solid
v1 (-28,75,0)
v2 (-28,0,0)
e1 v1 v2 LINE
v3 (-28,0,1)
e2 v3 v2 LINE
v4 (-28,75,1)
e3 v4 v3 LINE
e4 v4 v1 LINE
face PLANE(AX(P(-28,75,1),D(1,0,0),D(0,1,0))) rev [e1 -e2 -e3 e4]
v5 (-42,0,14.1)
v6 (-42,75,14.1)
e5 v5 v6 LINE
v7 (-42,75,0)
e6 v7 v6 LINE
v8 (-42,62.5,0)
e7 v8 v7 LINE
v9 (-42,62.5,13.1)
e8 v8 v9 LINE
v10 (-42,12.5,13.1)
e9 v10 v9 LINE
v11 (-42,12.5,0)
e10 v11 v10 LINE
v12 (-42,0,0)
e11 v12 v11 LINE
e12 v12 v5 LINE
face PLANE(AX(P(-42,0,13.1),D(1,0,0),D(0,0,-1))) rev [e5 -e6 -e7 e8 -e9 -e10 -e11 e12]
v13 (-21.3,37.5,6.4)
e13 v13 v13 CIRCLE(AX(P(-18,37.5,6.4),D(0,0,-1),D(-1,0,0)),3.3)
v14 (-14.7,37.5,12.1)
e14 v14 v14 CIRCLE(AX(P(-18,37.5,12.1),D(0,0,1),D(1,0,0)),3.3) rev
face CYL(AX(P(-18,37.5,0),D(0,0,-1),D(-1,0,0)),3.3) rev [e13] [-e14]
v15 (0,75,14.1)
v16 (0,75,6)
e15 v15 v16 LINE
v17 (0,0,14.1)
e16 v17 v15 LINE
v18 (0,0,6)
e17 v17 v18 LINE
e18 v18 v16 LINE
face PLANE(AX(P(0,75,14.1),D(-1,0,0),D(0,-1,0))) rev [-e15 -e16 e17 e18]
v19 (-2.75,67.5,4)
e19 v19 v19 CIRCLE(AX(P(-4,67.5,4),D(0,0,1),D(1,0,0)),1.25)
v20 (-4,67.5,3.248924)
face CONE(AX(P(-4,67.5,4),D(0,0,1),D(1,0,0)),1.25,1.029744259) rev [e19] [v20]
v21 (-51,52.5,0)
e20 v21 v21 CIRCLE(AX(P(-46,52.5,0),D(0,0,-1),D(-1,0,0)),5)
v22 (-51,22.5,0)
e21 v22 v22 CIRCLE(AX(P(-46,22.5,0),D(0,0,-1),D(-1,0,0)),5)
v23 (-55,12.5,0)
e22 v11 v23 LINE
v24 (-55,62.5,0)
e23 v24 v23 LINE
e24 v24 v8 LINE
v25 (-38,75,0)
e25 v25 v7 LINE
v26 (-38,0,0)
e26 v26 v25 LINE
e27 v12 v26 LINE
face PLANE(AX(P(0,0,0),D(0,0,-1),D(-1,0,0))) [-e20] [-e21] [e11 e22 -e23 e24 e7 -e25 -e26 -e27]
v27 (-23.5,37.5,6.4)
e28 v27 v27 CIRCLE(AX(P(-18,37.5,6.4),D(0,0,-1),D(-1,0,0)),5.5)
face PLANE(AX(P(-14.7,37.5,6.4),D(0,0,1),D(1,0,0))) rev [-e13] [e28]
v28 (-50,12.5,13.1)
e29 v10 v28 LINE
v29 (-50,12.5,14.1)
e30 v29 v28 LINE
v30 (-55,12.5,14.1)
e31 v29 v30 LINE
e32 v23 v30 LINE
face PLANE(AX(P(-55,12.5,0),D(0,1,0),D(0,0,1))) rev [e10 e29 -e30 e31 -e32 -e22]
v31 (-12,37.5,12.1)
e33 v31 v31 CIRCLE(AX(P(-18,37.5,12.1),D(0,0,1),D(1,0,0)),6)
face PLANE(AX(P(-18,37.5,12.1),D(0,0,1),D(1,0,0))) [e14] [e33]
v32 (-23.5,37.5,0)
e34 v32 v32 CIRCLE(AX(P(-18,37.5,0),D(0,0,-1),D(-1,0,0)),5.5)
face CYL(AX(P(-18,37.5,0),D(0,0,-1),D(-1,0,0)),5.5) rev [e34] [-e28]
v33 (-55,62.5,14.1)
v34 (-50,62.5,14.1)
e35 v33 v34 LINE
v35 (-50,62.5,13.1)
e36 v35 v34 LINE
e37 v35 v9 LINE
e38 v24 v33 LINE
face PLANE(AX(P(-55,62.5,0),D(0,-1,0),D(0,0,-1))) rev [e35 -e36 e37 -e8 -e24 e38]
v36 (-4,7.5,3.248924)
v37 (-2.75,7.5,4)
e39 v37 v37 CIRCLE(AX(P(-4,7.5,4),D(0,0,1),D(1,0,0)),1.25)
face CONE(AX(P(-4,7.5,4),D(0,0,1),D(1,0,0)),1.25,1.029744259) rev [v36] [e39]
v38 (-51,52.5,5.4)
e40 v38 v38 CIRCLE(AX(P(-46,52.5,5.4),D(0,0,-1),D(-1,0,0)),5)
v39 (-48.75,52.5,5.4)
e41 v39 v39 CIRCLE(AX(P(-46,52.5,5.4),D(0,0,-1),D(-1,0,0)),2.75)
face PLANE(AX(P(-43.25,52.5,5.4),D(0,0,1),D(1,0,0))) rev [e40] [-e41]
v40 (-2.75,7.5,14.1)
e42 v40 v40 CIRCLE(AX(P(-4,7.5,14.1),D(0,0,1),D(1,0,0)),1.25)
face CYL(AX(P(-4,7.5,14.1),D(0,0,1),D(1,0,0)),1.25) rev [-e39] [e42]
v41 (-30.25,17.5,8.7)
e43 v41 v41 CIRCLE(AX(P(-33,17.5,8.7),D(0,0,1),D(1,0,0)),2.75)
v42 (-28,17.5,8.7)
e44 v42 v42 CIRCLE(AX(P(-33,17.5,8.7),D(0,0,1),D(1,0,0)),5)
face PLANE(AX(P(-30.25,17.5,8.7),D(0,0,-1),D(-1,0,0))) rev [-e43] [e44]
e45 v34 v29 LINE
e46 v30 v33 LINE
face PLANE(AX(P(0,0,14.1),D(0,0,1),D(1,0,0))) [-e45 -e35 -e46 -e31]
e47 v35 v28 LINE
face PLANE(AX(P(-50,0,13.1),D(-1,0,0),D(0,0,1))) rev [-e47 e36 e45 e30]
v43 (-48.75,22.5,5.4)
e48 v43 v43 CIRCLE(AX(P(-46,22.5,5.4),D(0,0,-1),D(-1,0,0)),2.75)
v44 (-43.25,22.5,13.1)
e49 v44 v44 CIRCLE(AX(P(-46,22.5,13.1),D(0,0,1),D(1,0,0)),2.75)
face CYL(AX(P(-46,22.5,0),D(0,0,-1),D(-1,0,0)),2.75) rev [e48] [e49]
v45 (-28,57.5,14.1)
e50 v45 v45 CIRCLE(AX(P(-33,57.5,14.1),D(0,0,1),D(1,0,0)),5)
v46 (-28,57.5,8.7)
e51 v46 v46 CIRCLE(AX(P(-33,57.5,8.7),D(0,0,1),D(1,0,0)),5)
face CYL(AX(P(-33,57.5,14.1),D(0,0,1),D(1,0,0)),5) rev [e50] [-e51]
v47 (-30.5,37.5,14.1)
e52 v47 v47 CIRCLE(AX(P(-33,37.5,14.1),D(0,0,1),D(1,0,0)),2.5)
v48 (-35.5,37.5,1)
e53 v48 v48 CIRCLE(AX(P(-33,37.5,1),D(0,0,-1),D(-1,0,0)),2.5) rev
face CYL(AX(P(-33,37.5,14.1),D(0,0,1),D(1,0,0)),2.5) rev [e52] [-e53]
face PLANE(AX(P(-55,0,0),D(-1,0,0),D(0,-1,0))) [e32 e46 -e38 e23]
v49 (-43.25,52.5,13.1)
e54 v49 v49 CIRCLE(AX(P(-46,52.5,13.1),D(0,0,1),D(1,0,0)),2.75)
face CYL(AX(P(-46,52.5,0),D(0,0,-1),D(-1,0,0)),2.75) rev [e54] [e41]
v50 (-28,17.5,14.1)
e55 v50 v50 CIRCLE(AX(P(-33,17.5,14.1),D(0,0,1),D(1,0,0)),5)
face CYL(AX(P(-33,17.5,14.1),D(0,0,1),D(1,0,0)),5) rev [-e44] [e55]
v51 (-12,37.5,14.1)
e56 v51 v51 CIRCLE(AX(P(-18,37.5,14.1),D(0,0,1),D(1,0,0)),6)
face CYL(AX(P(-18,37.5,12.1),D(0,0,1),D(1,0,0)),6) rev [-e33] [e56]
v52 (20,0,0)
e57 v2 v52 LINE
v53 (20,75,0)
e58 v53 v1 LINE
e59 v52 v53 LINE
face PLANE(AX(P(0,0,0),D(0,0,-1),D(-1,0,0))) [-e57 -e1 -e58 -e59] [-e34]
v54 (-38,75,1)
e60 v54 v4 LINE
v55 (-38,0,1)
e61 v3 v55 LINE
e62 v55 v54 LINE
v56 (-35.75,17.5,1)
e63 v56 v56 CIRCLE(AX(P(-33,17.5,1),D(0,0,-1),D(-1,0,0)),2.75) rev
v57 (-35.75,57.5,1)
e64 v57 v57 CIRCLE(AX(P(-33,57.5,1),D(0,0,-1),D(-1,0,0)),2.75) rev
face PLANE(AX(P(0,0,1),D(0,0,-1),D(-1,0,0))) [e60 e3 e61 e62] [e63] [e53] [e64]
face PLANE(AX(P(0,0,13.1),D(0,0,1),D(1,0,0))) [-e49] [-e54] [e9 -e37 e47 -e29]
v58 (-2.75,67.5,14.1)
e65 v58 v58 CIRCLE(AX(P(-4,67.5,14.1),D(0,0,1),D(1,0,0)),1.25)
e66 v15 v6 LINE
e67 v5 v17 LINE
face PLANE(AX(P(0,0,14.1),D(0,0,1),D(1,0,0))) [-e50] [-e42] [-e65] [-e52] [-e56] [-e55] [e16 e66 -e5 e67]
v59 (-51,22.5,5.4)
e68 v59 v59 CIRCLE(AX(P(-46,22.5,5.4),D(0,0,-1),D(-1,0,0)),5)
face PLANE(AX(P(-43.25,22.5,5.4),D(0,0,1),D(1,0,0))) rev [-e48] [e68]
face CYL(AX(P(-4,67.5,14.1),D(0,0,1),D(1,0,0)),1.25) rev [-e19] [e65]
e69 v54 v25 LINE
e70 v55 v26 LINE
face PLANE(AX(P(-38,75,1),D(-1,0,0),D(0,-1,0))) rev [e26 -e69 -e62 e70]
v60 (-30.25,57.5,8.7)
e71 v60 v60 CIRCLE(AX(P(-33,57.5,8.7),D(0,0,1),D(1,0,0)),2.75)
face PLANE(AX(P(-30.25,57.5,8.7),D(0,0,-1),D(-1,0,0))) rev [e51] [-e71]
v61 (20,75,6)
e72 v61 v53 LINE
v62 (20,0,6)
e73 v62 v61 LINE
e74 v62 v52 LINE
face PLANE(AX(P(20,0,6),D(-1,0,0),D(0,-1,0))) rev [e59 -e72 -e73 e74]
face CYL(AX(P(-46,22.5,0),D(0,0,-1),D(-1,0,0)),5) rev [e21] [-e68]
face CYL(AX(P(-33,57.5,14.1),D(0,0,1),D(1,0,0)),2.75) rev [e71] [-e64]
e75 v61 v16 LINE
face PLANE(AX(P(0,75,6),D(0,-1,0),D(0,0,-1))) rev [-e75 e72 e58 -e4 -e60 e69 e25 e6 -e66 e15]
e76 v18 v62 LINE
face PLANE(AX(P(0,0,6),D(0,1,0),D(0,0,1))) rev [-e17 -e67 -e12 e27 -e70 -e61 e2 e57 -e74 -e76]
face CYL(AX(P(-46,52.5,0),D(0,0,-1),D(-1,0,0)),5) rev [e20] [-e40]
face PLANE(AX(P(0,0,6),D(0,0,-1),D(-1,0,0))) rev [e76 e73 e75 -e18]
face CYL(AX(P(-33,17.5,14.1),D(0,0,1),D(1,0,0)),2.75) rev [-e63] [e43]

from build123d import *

# Parameters (mm, degrees)
SKETCH_1_W                   = 20
SKETCH_1_H                   = 75
EXTRUDE_1_DEPTH              = 6
SKETCH_2_W                   = 6
SKETCH_2_H                   = 75
EXTRUDE_2_DEPTH              = 20
SKETCH_3_W                   = 20
SKETCH_3_H                   = 75
EXTRUDE_3_DEPTH              = 8.1
SKETCH_4_W                   = 14.1
SKETCH_4_H                   = 75
EXTRUDE_4_DEPTH              = 35
HOLE_WIZARD_M6_1_D           = 6.6
HOLE_WIZARD_M6_1_CBORE_D     = 11
HOLE_WIZARD_M6_1_CBORE_DEPTH = 6.4
SKETCH_9_R                   = 6
CUT_EXTRUDE_1_DEPTH          = 2
HOLE_WIZARD_M3_1_D           = 2.5
HOLE_WIZARD_M3_1_DEPTH       = 10.1
HOLE_WIZARD_M3_1_TIP         = 0.751075774
SKETCH_15_W                  = 8
SKETCH_15_H                  = 75
CUT_EXTRUDE_3_DEPTH          = 1
HOLE_WIZARD_M5_1_D           = 5.5
HOLE_WIZARD_M5_1_CBORE_D     = 10
HOLE_WIZARD_M5_1_CBORE_DEPTH = 5.4
HOLE_WIZARD_M6_1_2_D         = 5
HOLE_WIZARD_M6_1_2_DEPTH     = 15
HOLE_WIZARD_M6_1_2_TIP       = 1.502151548
HOLE_WIZARD_M5_2_D           = 5.5
HOLE_WIZARD_M5_2_CBORE_D     = 10
HOLE_WIZARD_M5_2_CBORE_DEPTH = 5.4
SKETCH_24_W                  = 10
SKETCH_24_H                  = 75
CUT_EXTRUDE_4_DEPTH          = 1
SKETCH_25_W                  = 13
SKETCH_25_H                  = 12.5
CUT_EXTRUDE_5_DEPTH          = 15.1


with BuildPart() as part:
    # 草图1 → 凸台-拉伸1 (new body)
    with BuildSketch(Plane.XY):
        with Locations((10, 37.5)):
            Rectangle(SKETCH_1_W, SKETCH_1_H)
    extrude(amount=EXTRUDE_1_DEPTH)

    # 草图2 → 凸台-拉伸2 (add)
    with BuildSketch(Plane.ZY):
        with Locations((3, 37.5)):
            Rectangle(SKETCH_2_W, SKETCH_2_H)
    extrude(amount=EXTRUDE_2_DEPTH)

    # 草图3 → 凸台-拉伸3 (add)
    with BuildSketch(Plane.XY.offset(6)):
        with Locations((-10, 37.5)):
            Rectangle(SKETCH_3_W, SKETCH_3_H)
    extrude(amount=EXTRUDE_3_DEPTH)

    # 草图4 → 凸台-拉伸4 (add)
    with BuildSketch(Plane.ZY.offset(20)):
        with Locations((7.05, 37.5)):
            Rectangle(SKETCH_4_W, SKETCH_4_H)
    extrude(amount=EXTRUDE_4_DEPTH)

    # Hole Wizard M6 _1 (through all)
    with Locations(Plane(origin=(0, 0, 0), x_dir=(-1, 0, 0), z_dir=(0, 0, -1))):
        with Locations((18, 37.5)):
            CounterBoreHole(HOLE_WIZARD_M6_1_D / 2, HOLE_WIZARD_M6_1_CBORE_D / 2, HOLE_WIZARD_M6_1_CBORE_DEPTH)

    # 草图9 → 切除-拉伸1 (cut)
    with BuildSketch(Plane.XY.offset(14.1)):
        with Locations((-18, 37.5)):
            Circle(SKETCH_9_R)
    extrude(amount=-CUT_EXTRUDE_1_DEPTH, mode=Mode.SUBTRACT)

    # M3 螺纹孔1
    with Locations(Plane.XY.offset(14.1)):
        with Locations((-4, 7.5), (-4, 67.5)):
            Hole(HOLE_WIZARD_M3_1_D / 2, depth=HOLE_WIZARD_M3_1_DEPTH)
            with Locations((0, 0, -(HOLE_WIZARD_M3_1_DEPTH + HOLE_WIZARD_M3_1_TIP / 2))):  # 118° drill point
                Cone(0, HOLE_WIZARD_M3_1_D / 2, HOLE_WIZARD_M3_1_TIP, mode=Mode.SUBTRACT)

    # 草图15 → 切除-拉伸3 (cut)
    with BuildSketch(Plane.XY.offset(14.1)):
        with Locations((-46, 37.5)):
            Rectangle(SKETCH_15_W, SKETCH_15_H)
    extrude(amount=-CUT_EXTRUDE_3_DEPTH, mode=Mode.SUBTRACT)

    # M5 六角凹头螺钉的柱形沉头孔1 (through all)
    with Locations(Plane(origin=(0, 0, 0), x_dir=(-1, 0, 0), z_dir=(0, 0, -1))):
        with Locations((46, 52.5), (46, 22.5)):
            CounterBoreHole(HOLE_WIZARD_M5_1_D / 2, HOLE_WIZARD_M5_1_CBORE_D / 2, HOLE_WIZARD_M5_1_CBORE_DEPTH)

    # Hole Wizard M6 _1 2
    with Locations(Plane.XY.offset(14.1)):
        with Locations((-33, 37.5)):
            Hole(HOLE_WIZARD_M6_1_2_D / 2, depth=HOLE_WIZARD_M6_1_2_DEPTH)
            with Locations((0, 0, -(HOLE_WIZARD_M6_1_2_DEPTH + HOLE_WIZARD_M6_1_2_TIP / 2))):  # 118° drill point
                Cone(0, HOLE_WIZARD_M6_1_2_D / 2, HOLE_WIZARD_M6_1_2_TIP, mode=Mode.SUBTRACT)

    # M5 六角凹头螺钉的柱形沉头孔2 (through all)
    with Locations(Plane.XY.offset(14.1)):
        with Locations((-33, 57.5), (-33, 17.5)):
            CounterBoreHole(HOLE_WIZARD_M5_2_D / 2, HOLE_WIZARD_M5_2_CBORE_D / 2, HOLE_WIZARD_M5_2_CBORE_DEPTH)

    # 草图24 → 切除-拉伸4 (cut)
    with BuildSketch(Plane(origin=(0, 0, 0), x_dir=(-1, 0, 0), z_dir=(0, 0, -1))):
        with Locations((33, 37.5)):
            Rectangle(SKETCH_24_W, SKETCH_24_H)
    extrude(amount=-CUT_EXTRUDE_4_DEPTH, mode=Mode.SUBTRACT)

    # 草图25 → 切除-拉伸5 (cut, through all)
    with BuildSketch(Plane.XY.offset(14.1)):
        with Locations((-48.5, 6.25)):
            Rectangle(SKETCH_25_W, SKETCH_25_H)
        with Locations((-48.5, 68.75)):
            Rectangle(SKETCH_25_W, SKETCH_25_H)
    extrude(amount=-CUT_EXTRUDE_5_DEPTH, mode=Mode.SUBTRACT)


solid = part.part
